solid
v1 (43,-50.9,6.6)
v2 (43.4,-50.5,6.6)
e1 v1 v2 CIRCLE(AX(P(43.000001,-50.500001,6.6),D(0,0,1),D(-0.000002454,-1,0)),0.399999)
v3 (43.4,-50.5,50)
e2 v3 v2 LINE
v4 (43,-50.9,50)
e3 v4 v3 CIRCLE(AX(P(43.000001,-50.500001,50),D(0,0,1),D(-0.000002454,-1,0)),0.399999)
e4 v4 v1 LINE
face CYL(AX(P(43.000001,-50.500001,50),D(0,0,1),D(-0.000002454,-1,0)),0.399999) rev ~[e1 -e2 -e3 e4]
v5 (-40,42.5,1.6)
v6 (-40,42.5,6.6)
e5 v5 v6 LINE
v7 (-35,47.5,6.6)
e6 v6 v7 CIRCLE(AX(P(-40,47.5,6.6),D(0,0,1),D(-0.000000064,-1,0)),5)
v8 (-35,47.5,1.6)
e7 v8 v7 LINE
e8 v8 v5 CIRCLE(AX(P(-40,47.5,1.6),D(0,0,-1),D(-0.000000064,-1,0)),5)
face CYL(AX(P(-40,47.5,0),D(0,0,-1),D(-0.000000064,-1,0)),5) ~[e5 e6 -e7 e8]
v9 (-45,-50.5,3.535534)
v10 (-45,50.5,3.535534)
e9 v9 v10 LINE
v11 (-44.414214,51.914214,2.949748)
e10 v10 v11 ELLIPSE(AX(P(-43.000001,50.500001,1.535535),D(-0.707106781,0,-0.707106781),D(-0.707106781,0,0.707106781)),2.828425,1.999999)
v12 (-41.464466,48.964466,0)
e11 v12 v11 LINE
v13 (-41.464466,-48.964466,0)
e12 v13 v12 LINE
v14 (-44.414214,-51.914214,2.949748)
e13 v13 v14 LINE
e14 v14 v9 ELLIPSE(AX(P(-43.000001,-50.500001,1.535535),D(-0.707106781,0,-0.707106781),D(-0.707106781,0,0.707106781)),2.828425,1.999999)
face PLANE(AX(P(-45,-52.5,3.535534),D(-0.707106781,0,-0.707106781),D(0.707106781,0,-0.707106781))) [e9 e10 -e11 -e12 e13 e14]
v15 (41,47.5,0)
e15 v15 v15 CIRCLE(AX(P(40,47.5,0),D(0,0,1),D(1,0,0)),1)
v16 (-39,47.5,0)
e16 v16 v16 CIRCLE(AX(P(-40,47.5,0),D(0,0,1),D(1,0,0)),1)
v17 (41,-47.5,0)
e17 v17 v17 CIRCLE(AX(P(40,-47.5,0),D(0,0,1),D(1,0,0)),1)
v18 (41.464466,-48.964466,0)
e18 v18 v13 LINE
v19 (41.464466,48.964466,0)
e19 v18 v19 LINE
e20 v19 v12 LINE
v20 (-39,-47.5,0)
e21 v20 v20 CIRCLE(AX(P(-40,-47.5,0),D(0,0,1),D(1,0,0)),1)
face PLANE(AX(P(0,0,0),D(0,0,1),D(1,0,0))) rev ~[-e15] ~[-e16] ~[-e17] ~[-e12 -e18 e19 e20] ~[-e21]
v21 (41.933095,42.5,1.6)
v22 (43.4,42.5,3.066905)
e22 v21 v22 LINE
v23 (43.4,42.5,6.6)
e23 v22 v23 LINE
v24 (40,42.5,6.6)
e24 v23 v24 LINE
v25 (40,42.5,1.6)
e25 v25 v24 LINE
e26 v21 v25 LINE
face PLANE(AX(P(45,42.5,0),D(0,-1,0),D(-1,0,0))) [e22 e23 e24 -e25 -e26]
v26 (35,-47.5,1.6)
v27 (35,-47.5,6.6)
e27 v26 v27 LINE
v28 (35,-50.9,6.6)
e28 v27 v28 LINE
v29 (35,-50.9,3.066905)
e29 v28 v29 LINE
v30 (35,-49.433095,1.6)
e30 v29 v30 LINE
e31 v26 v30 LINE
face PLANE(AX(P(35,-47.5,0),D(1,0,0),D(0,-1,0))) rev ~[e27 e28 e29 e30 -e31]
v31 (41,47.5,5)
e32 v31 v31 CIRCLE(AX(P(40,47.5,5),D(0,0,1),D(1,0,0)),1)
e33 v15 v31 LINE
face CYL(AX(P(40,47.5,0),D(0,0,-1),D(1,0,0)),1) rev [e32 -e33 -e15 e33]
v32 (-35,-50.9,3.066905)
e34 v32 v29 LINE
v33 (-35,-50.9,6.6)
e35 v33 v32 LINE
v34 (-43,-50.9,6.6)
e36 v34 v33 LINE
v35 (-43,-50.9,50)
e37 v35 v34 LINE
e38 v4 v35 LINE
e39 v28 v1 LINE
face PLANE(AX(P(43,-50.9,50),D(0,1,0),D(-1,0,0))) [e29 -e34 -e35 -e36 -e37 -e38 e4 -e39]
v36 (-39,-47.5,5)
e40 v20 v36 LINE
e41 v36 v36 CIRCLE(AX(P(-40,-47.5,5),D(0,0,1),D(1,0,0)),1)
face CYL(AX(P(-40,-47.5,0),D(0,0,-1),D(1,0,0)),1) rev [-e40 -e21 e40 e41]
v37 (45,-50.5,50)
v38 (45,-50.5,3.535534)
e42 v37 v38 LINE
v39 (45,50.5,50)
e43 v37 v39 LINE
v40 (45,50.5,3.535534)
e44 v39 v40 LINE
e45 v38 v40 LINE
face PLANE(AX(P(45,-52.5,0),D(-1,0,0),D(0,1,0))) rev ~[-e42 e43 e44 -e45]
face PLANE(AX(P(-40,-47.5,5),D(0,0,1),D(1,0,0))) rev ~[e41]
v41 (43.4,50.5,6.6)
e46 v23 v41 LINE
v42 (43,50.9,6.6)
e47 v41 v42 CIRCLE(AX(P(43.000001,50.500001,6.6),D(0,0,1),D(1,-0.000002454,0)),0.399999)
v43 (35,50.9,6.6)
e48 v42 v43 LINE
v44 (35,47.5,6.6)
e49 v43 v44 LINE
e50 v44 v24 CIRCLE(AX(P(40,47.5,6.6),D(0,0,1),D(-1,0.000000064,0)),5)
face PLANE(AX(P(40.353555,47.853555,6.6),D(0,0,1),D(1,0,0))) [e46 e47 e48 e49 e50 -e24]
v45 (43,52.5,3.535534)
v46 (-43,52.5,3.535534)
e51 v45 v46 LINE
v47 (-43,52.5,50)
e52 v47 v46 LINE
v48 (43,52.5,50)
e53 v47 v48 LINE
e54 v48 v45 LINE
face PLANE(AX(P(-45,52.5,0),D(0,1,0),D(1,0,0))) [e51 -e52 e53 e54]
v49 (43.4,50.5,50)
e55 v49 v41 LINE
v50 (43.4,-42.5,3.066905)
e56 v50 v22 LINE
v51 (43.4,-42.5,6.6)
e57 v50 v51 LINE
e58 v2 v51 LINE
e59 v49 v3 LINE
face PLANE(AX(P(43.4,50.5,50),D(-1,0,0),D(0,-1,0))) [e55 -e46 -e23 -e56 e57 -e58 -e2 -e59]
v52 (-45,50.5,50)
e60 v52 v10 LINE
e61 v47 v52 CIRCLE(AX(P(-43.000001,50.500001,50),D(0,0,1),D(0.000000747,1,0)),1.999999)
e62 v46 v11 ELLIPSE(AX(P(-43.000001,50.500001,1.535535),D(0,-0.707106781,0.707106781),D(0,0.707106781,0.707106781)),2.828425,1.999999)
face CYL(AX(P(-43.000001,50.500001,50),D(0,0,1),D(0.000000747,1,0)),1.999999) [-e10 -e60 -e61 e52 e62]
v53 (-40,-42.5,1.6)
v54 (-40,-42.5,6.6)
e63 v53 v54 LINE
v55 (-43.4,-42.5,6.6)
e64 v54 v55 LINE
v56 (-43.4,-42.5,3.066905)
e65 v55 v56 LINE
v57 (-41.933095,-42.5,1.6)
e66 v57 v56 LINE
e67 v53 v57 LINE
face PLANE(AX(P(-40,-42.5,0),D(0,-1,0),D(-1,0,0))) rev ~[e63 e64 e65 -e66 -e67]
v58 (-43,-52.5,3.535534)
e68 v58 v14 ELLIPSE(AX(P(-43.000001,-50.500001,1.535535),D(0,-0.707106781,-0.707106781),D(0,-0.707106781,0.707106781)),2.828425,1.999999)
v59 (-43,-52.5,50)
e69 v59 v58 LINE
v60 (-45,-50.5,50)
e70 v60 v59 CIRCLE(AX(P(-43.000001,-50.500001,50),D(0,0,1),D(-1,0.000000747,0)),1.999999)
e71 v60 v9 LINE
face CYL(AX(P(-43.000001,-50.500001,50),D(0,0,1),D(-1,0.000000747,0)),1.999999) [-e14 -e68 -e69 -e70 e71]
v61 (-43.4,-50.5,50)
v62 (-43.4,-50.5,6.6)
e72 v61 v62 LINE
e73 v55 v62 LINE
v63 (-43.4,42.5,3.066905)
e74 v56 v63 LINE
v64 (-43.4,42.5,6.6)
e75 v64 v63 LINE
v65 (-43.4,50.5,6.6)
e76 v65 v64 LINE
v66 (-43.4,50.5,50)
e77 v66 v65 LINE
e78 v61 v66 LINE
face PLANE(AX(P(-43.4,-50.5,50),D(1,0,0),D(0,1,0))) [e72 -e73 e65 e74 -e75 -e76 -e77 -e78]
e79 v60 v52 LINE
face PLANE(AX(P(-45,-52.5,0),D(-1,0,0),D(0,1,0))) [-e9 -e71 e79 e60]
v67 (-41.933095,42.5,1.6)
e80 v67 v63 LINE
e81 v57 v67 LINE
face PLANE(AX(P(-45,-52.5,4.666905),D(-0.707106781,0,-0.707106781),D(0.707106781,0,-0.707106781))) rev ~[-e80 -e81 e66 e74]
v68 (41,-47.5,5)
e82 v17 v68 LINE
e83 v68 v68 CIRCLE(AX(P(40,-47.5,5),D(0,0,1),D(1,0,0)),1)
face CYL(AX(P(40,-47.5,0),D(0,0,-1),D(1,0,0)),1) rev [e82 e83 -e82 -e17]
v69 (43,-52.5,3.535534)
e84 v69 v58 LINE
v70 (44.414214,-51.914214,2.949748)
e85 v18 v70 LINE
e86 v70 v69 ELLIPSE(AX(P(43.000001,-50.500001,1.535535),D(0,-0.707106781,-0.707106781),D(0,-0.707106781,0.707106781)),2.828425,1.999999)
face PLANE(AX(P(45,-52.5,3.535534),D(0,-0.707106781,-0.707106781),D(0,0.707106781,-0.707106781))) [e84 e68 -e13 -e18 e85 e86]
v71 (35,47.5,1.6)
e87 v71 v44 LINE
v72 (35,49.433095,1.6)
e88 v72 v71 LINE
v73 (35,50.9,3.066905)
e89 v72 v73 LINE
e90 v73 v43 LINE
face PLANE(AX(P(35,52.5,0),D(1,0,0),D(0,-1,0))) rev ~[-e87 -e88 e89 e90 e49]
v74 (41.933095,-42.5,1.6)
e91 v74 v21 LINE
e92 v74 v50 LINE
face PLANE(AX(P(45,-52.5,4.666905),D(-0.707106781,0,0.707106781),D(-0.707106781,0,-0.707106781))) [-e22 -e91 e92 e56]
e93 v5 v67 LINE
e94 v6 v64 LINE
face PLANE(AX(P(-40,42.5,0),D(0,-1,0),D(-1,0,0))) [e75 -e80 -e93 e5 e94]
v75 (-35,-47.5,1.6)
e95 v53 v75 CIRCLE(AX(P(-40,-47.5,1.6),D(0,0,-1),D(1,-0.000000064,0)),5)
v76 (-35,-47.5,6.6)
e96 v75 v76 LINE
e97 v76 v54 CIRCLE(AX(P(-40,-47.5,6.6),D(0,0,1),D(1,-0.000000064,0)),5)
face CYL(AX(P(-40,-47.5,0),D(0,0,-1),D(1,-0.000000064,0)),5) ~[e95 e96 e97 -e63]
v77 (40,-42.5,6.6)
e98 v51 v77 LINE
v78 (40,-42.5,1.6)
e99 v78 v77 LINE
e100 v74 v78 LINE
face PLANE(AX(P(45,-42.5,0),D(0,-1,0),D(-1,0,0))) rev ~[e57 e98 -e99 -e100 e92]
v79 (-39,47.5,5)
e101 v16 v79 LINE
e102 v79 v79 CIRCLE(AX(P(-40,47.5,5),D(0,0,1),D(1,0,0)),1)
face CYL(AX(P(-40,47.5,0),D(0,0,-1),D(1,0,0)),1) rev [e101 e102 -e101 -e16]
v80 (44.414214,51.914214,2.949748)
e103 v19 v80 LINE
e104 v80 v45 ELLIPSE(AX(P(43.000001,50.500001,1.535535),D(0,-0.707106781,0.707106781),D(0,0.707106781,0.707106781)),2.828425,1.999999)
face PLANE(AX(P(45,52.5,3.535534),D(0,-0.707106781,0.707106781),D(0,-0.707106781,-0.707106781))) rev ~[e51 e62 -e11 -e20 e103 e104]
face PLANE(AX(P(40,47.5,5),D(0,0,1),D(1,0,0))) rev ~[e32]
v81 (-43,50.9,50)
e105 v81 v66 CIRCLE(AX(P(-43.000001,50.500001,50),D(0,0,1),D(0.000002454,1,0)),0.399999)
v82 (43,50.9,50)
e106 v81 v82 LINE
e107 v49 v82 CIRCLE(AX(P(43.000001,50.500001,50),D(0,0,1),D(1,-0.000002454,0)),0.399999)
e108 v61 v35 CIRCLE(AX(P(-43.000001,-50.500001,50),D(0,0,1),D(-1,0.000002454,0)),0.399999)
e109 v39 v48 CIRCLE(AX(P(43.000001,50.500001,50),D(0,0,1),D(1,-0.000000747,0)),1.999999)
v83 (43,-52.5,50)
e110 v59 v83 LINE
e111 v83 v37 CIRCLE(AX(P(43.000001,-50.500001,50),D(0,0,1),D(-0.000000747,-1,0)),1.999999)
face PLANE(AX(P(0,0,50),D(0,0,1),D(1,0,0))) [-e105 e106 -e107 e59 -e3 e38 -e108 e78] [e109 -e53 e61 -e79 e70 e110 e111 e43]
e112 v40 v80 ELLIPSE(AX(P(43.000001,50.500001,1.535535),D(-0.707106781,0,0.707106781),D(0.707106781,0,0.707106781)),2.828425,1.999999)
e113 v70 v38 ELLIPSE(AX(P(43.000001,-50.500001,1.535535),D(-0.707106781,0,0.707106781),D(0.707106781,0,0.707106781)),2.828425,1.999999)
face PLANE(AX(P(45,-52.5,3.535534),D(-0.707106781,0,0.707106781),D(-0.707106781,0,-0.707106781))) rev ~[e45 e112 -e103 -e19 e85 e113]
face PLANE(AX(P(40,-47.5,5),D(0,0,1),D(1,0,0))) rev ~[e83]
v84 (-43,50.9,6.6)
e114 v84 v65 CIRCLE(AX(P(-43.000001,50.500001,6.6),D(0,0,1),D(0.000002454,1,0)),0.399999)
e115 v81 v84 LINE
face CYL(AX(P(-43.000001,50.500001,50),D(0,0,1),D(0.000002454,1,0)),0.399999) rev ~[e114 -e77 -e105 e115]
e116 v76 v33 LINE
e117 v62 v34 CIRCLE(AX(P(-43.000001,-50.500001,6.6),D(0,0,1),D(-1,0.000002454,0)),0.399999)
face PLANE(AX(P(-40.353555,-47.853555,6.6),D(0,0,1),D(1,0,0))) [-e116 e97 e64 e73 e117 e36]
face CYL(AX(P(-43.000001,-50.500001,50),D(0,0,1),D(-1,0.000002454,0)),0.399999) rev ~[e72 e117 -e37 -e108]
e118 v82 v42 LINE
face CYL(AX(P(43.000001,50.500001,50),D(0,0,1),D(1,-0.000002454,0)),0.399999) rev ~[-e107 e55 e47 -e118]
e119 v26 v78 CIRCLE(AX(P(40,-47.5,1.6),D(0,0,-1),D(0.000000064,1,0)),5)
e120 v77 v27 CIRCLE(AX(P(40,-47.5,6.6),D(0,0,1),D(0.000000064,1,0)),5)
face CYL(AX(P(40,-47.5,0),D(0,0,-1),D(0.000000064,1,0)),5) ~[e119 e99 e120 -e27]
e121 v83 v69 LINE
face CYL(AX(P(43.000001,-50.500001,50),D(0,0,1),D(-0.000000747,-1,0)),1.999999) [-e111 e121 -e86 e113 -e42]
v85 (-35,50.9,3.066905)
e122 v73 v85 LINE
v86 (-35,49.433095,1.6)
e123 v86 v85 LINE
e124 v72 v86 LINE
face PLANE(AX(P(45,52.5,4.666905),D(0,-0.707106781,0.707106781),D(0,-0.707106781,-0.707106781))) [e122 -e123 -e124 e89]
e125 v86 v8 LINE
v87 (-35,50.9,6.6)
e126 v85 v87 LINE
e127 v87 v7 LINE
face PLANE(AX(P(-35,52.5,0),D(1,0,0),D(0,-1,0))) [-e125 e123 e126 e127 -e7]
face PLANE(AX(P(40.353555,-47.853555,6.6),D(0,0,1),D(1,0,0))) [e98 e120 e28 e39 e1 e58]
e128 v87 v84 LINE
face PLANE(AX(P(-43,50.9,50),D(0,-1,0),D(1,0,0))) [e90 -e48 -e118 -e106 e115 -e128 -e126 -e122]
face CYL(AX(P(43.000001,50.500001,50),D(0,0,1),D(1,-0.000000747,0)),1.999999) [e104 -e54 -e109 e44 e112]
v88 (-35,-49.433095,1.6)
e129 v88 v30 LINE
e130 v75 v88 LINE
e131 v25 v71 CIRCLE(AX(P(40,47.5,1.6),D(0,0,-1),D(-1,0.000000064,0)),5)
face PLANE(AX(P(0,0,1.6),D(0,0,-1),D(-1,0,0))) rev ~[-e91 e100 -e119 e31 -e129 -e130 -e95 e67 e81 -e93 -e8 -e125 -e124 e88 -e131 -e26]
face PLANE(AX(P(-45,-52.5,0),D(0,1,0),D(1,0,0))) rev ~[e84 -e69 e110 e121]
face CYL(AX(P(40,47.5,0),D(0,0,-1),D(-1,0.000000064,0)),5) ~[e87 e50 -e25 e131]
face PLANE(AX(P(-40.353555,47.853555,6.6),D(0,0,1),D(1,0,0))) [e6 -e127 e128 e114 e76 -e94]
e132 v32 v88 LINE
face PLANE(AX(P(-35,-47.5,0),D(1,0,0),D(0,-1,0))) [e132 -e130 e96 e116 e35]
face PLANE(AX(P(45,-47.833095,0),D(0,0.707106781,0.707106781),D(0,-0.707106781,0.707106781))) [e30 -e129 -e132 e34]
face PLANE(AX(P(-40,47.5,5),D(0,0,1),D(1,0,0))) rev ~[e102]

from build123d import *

# Parameters (mm, degrees)
SKETCH_W        = 90
SKETCH_H        = 105
PAD_DEPTH       = 50
POCKET_DEPTH    = 48.4
PAD001_DEPTH    = 105
PAD002_DEPTH    = 90
PAD003_DEPTH    = 6.6
SKETCH008_R     = 1
POCKET004_DEPTH = 5
POCKET001_DEPTH = 105.001
POCKET002_DEPTH = 90.001
POCKET003_DEPTH = 50.001


with BuildPart() as part:
    # Sketch → Pad (new body)
    with BuildSketch(Plane.XY):
        Rectangle(SKETCH_W, SKETCH_H)
    extrude(amount=PAD_DEPTH)

    # Sketch001 (on DatumPlane) → Pocket (cut)
    with BuildSketch(Plane.XY.offset(50)):
        with BuildLine():
            Line((-43, 50.9), (43, 50.9))
            ThreePointArc((43.4, 50.5), (43.282843, 50.782843), (43, 50.9))
            Line((43.4, 50.5), (43.4, -50.5))
            ThreePointArc((43, -50.9), (43.282843, -50.782843), (43.4, -50.5))
            Line((43, -50.9), (-43, -50.9))
            ThreePointArc((-43.4, -50.5), (-43.282843, -50.782843), (-43, -50.9))
            Line((-43.4, -50.5), (-43.4, 50.5))
            ThreePointArc((-43, 50.9), (-43.282843, 50.782843), (-43.4, 50.5))
        make_face()
    extrude(amount=-POCKET_DEPTH, mode=Mode.SUBTRACT)

    # Sketch002 (on DatumPlane) → Pad001 (join)
    with BuildSketch(Plane.XZ.offset(52.5)):
        Polygon((-45, 4.666905), (-40.333095, 0), (-45, 0), align=None)
        Polygon((40.333095, 0), (45, 0), (45, 4.666905), align=None)
    extrude(amount=-PAD001_DEPTH)

    # Sketch003 (on DatumPlane) → Pad002 (join)
    with BuildSketch(Plane.YZ.offset(45)):
        Polygon((-52.5, 4.666905), (-52.5, 0), (-47.833095, 0), align=None)
        Polygon((47.833095, 0), (52.5, 0), (52.5, 4.666905), align=None)
    extrude(amount=-PAD002_DEPTH)

    # Sketch007 → Pad003 (join)
    with BuildSketch(Plane.XY):
        with BuildLine():
            ThreePointArc((-40, 42.5), (-36.464466, 43.964466), (-35, 47.5))
            Line((-35, 52.5), (-35, 47.5))
            Line((-35, 52.5), (-45, 52.5))
            Line((-45, 52.5), (-45, 42.5))
            Line((-40, 42.5), (-45, 42.5))
        make_face()
        with BuildLine():
            ThreePointArc((35, 47.5), (36.464466, 43.964466), (40, 42.5))
            Line((45, 42.5), (40, 42.5))
            Line((45, 52.5), (45, 42.5))
            Line((45, 52.5), (35, 52.5))
            Line((35, 52.5), (35, 47.5))
        make_face()
        with BuildLine():
            ThreePointArc((40, -42.5), (36.464466, -43.964466), (35, -47.5))
            Line((35, -47.5), (35, -52.5))
            Line((45, -52.5), (35, -52.5))
            Line((45, -42.5), (45, -52.5))
            Line((45, -42.5), (40, -42.5))
        make_face()
        with BuildLine():
            ThreePointArc((-35, -47.5), (-36.464466, -43.964466), (-40, -42.5))
            Line((-40, -42.5), (-45, -42.5))
            Line((-45, -42.5), (-45, -52.5))
            Line((-45, -52.5), (-35, -52.5))
            Line((-35, -47.5), (-35, -52.5))
        make_face()
    extrude(amount=PAD003_DEPTH)

    # Sketch008 → Pocket004 (cut)
    with BuildSketch(Plane.XY):
        with Locations((-40, 47.5)):
            Circle(SKETCH008_R)
        with Locations((40, 47.5)):
            Circle(SKETCH008_R)
        with Locations((40, -47.5)):
            Circle(SKETCH008_R)
        with Locations((-40, -47.5)):
            Circle(SKETCH008_R)
    extrude(amount=POCKET004_DEPTH, mode=Mode.SUBTRACT)

    # Sketch004 (on DatumPlane) → Pocket001 (cut, through all)
    with BuildSketch(Plane.XZ.offset(52.5)):
        Polygon((-45, 0), (-45, 3.535534), (-41.464466, 0), align=None)
        Polygon((41.464466, 0), (45, 0), (45, 3.535534), align=None)
    extrude(amount=-POCKET001_DEPTH, mode=Mode.SUBTRACT)

    # Sketch005 (on DatumPlane) → Pocket002 (cut, through all)
    with BuildSketch(Plane.YZ.offset(45)):
        Polygon((-52.5, 0), (-52.5, 3.535534), (-48.964466, 0), align=None)
        Polygon((48.964466, 0), (52.5, 0), (52.5, 3.535534), align=None)
    extrude(amount=-POCKET002_DEPTH, mode=Mode.SUBTRACT)

    # Sketch006 (on DatumPlane) → Pocket003 (cut, through all)
    with BuildSketch(Plane.XY.offset(50)):
        with BuildLine():
            ThreePointArc((-43, 52.5), (-44.414214, 51.914214), (-45, 50.5))
            Line((-45, 52.5), (-45, 50.5))
            Line((-43, 52.5), (-45, 52.5))
        make_face()
        with BuildLine():
            ThreePointArc((45, 50.5), (44.414214, 51.914214), (43, 52.5))
            Line((43, 52.5), (45, 52.5))
            Line((45, 50.5), (45, 52.5))
        make_face()
        with BuildLine():
            ThreePointArc((43, -52.5), (44.414214, -51.914214), (45, -50.5))
            Line((45, -52.5), (45, -50.5))
            Line((43, -52.5), (45, -52.5))
        make_face()
        with BuildLine():
            ThreePointArc((-45, -50.5), (-44.414214, -51.914214), (-43, -52.5))
            Line((-45, -52.5), (-43, -52.5))
            Line((-45, -50.5), (-45, -52.5))
        make_face()
    extrude(amount=-POCKET003_DEPTH, mode=Mode.SUBTRACT)


solid = part.part
